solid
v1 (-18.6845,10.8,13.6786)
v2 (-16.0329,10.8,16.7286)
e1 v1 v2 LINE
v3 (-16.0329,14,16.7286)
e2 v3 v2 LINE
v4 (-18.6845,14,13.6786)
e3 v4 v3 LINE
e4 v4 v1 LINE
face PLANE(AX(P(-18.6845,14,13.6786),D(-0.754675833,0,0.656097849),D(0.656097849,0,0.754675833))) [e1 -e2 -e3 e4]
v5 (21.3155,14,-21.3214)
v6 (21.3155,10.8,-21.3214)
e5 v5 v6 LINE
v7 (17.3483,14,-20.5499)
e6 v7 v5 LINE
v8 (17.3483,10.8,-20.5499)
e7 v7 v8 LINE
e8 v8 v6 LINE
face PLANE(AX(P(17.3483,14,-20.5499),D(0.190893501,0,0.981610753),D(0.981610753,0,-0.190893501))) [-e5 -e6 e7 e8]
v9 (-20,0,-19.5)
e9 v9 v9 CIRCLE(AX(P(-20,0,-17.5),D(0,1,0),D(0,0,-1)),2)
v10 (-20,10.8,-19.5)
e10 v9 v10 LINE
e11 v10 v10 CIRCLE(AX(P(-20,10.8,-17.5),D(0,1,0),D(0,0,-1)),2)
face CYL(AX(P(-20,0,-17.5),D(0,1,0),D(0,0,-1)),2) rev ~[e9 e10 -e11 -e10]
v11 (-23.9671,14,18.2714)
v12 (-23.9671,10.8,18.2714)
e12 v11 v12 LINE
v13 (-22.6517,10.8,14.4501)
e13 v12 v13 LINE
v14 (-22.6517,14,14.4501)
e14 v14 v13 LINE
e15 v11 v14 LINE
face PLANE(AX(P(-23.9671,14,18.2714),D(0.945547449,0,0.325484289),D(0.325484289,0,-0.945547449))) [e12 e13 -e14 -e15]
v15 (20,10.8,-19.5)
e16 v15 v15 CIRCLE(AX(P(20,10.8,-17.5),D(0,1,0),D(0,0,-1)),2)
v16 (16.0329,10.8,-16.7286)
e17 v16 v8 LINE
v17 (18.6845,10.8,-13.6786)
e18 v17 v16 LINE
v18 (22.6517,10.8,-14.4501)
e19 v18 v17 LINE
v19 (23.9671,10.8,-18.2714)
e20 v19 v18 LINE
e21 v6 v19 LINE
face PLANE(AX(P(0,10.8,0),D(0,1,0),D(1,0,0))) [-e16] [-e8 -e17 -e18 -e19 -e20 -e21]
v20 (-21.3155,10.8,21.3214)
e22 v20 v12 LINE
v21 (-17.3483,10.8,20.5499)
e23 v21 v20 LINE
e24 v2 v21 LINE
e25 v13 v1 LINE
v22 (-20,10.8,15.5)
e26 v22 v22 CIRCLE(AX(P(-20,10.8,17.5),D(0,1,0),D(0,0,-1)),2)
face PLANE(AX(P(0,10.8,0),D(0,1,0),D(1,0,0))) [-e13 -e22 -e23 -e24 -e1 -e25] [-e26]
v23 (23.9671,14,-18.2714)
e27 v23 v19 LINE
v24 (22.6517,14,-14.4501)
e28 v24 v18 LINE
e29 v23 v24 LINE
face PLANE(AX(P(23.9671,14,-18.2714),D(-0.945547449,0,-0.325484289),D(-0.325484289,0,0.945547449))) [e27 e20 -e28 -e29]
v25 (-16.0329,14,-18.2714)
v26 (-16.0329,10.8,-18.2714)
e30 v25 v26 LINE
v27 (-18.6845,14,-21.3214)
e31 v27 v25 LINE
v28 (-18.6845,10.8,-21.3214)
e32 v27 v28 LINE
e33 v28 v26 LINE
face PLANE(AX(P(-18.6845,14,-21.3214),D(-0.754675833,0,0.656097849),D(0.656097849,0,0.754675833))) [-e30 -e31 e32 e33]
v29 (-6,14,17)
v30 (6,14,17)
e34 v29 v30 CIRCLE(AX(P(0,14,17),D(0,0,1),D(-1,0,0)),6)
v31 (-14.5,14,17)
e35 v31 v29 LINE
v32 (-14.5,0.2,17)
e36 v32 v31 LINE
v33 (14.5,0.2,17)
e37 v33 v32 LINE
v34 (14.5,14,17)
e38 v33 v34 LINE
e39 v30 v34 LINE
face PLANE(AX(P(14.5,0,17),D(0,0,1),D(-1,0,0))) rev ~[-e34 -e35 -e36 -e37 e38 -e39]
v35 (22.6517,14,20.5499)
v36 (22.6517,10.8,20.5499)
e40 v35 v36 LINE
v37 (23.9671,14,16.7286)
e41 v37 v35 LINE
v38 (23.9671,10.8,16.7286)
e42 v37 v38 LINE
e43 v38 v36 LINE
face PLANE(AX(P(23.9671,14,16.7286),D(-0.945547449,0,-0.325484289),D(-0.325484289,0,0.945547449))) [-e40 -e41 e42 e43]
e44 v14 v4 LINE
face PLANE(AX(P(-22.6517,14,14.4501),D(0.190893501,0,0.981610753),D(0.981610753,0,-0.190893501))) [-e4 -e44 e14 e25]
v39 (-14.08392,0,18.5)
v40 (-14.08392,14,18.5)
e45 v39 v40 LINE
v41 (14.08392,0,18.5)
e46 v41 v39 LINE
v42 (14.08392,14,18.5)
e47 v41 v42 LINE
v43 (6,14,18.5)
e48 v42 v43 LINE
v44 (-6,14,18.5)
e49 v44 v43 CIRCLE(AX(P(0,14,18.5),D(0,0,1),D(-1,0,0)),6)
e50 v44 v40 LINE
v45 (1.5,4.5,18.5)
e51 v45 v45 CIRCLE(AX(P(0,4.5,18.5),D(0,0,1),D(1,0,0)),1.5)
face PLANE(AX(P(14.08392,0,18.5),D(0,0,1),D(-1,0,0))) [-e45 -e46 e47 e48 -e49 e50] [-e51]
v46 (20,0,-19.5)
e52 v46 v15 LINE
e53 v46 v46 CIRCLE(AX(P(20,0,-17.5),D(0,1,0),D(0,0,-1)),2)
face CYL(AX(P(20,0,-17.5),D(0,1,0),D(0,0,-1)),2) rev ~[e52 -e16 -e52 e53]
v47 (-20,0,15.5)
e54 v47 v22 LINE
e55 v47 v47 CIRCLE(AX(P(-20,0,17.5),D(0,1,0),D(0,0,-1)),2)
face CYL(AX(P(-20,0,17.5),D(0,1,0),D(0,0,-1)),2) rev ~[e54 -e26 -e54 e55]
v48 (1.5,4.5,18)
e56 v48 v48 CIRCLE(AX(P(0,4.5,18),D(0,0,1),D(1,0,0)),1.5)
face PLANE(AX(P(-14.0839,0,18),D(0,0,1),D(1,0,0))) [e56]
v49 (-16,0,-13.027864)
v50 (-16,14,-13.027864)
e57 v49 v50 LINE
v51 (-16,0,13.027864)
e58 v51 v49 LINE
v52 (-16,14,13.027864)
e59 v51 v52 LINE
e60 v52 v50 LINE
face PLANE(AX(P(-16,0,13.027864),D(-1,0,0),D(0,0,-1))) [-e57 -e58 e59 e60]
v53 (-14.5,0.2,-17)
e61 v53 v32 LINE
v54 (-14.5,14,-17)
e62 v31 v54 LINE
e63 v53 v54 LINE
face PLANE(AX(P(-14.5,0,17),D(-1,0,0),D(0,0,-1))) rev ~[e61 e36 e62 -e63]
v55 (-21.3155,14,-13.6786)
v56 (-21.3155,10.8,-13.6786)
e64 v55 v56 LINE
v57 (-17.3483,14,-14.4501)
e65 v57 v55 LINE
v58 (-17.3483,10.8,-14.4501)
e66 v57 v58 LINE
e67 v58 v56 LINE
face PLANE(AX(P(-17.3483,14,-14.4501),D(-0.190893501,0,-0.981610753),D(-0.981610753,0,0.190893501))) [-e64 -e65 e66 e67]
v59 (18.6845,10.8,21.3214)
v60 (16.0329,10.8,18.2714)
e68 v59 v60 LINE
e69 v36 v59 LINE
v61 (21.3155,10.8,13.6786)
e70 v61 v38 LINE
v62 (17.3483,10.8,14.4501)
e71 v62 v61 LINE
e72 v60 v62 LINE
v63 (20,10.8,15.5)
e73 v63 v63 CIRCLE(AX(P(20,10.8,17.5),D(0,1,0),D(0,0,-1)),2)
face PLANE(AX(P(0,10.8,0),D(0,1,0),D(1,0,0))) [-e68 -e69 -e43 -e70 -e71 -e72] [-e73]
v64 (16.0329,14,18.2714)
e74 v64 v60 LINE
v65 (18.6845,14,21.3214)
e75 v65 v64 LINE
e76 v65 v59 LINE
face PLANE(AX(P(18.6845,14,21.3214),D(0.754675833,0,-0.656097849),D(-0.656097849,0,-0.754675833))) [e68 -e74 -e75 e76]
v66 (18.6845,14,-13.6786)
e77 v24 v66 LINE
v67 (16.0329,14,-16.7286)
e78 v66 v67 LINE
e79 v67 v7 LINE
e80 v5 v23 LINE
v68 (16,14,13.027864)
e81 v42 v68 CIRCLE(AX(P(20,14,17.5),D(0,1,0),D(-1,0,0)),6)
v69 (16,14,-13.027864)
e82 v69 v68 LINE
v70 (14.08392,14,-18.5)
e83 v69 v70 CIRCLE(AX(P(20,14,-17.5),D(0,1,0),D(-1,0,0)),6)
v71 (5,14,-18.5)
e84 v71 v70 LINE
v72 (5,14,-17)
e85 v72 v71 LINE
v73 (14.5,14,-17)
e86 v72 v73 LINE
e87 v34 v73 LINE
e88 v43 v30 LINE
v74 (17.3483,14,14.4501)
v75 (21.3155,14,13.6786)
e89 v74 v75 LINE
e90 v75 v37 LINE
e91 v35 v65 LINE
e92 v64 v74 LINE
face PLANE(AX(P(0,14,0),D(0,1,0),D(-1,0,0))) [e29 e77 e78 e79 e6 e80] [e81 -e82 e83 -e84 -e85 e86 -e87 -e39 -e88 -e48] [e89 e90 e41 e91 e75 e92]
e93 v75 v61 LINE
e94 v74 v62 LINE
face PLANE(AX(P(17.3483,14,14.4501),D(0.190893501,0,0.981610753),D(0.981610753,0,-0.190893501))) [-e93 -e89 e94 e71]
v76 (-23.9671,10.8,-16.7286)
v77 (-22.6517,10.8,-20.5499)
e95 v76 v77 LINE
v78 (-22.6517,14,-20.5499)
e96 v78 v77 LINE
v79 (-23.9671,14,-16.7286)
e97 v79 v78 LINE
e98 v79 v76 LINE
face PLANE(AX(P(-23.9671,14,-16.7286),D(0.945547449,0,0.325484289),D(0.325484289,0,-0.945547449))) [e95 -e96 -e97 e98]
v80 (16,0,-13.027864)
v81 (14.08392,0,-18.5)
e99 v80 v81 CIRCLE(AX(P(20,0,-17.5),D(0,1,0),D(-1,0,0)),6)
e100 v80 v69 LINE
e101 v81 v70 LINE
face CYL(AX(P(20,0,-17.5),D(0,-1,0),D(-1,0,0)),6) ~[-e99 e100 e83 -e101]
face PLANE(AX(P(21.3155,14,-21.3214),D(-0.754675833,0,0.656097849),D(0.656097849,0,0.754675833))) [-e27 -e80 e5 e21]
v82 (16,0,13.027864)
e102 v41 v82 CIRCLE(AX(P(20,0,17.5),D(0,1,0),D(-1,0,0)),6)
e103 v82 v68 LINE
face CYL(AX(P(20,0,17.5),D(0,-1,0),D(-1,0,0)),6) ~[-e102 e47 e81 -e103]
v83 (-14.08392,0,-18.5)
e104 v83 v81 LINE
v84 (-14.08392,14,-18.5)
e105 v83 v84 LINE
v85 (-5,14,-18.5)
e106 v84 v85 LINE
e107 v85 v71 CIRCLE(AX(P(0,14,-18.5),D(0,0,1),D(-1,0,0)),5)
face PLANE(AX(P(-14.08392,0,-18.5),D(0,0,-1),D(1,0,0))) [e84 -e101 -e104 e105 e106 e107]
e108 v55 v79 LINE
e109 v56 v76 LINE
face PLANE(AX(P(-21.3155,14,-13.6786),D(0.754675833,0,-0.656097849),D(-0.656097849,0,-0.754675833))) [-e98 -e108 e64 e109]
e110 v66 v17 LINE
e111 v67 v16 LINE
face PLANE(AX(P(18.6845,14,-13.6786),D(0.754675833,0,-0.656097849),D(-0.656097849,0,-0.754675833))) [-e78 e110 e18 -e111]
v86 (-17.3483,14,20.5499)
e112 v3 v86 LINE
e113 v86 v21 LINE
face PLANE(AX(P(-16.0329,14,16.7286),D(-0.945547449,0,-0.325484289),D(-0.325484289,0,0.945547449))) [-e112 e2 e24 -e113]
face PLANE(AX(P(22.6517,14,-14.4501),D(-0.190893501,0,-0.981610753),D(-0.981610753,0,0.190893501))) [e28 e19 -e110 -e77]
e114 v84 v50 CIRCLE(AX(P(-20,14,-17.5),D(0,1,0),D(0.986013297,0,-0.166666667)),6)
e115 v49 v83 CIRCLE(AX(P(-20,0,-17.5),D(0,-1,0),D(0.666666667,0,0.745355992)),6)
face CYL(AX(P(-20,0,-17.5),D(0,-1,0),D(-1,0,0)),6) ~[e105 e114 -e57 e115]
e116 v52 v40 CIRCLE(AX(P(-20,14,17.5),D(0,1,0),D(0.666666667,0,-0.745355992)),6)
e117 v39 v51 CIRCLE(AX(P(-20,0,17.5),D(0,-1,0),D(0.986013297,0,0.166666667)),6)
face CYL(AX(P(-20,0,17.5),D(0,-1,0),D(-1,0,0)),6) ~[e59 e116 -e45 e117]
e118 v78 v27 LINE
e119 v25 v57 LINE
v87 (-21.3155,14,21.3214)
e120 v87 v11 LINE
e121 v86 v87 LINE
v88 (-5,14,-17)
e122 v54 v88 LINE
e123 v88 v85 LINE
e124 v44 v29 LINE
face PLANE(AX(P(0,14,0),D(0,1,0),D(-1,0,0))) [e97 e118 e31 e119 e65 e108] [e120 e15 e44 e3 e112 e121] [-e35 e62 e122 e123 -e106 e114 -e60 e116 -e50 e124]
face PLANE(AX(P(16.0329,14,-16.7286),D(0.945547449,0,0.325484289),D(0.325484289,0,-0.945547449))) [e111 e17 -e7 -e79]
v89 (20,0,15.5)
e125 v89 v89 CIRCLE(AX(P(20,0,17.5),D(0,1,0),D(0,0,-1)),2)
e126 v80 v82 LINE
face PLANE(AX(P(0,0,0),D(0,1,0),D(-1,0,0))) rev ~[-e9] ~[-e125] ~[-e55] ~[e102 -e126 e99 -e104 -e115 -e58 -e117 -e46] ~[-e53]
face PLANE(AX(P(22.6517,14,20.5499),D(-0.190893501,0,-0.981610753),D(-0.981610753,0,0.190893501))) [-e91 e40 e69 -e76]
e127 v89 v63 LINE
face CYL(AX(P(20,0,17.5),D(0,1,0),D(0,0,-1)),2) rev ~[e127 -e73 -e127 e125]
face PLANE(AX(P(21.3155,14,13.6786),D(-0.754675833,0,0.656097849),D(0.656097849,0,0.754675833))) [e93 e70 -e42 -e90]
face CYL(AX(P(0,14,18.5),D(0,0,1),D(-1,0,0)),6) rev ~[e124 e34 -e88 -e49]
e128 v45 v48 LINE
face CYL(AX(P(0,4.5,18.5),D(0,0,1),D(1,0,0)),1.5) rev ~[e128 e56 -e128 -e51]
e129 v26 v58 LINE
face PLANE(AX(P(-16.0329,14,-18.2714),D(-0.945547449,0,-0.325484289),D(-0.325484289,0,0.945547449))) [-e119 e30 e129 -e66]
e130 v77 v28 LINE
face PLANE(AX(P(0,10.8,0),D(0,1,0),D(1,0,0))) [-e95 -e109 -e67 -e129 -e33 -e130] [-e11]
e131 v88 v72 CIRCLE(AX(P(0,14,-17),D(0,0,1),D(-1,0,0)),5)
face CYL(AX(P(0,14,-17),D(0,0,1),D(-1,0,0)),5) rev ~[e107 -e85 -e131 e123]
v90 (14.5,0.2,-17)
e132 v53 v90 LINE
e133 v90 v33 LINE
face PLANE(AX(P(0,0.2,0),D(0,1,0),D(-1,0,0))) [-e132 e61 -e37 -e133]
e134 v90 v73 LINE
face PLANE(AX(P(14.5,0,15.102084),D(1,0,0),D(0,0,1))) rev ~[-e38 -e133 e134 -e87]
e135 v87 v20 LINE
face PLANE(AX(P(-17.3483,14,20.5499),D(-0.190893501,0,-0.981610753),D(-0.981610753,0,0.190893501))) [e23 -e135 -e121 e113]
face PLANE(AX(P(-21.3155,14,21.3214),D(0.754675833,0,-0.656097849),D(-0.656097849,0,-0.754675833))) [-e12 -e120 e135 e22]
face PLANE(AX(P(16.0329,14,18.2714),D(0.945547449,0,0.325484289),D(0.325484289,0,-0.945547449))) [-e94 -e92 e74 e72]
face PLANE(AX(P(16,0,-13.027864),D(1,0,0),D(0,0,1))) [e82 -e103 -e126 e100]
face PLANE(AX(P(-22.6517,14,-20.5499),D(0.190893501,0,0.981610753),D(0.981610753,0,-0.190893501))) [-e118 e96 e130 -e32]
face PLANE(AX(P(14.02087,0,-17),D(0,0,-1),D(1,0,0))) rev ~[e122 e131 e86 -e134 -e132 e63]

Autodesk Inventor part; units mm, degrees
ref_plane "YZ Plane" through (0, 0, 0) normal (1, 0, 0) x (0, 1, 0)
ref_plane "XZ Plane" through (0, 0, 0) normal (0, 1, 0) x (-1, 0, 0)
ref_plane "XY Plane" through (0, 0, 0) normal (0, 0, 1) x (1, 0, 0)
sketch "Sketch1" plane through (0, 0, 0) normal (0, 1, 0) x (-1, 0, 0)
  line L0 (-14.5, 17) -> (14.5, 17)
  line L1 (14.5, 17) -> (14.5, -17)
  line L2 (14.5, -17) -> (-14.5, -17)
  line L3 (-14.5, -17) -> (-14.5, 17)
  line L4 (-14.5, 17) -> (14.5, -17) construction
  line L5 (14.5, 17) -> (-14.5, -17) construction
  circle A0 centre (-20, 17.5) radius 6
  circle A1 centre (20, 17.5) radius 6
  circle A2 centre (20, -17.5) radius 6
  circle A3 centre (-20, -17.5) radius 6
  line L6 (-16, 18.5) -> (16, 18.5)
  line L7 (16, 18.5) -> (16, -18.5)
  line L8 (16, -18.5) -> (-16, -18.5)
  line L9 (-16, -18.5) -> (-16, 18.5)
  line L10 (-16, 18.5) -> (16, -18.5) construction
  line L11 (16, 18.5) -> (-16, -18.5) construction
  point P0 (0, 0)
  point P1 (-16, -13.0279)
  point P2 (-14.0839, -18.5)
  point P3 (14.0839, -18.5)
  point P4 (16, -13.0279)
  point P5 (16, 13.0279)
  point P6 (14.0839, 18.5)
  point P7 (-14.0839, 18.5)
  point P8 (-16, 13.0279)
  point P9 (-14.5, -15.1021)
  point P10 (-14.0209, -17)
  point P11 (14.0209, -17)
  point P12 (14.5, -15.1021)
  point P13 (14.5, 15.1021)
  point P14 (14.0209, 17)
  point P15 (-14.0209, 17)
  point P16 (-14.5, 15.1021)
  dimension "d0" = 29
  dimension "d1" = 34
  dimension "d2" = 12
  dimension "d3" = 12
  dimension "d4" = 12
  dimension "d5" = 12
  dimension "d6" = 35
  dimension "d8" = 40
  dimension "d9" = 40
  dimension "d13" = 5.5
  dimension "d14" = 0.5
  dimension "d15" = 1.5
  dimension "d16" = 1.5
extrude "Extrusion1" add sketch "Sketch1" along normal blind 14 contours L3 A0 L9 L6 L0 | A0 L6 A1 L0 | L3 A3 L9 A0 | A1 L6 L7 L1 L0 | L3 L2 A3 L8 L9 | A0 L6 L9 | A1 L7 L6 | A1 L7 A2 L1 | L2 A2 L8 A3 | L9 L8 A3 | A2 L7 L8 L2 L1 | A2 L8 L7
extrude "Extrusion2" add sketch "Sketch1" along normal blind 0.2 contours L0 A1 L1 A2 L2 A3 L3 A0
hole "Hole1" at (-20, 0, -17.5) at (20, 0, -17.5) at (20, 0, 17.5) at (-20, 0, 17.5) direction (0, 1, 0) diameter 4 end through all
extrude "Extrusion3" add sketch "Sketch1" along normal blind 0.2 contours L0 A0 L3 | L0 L1 A1 | A3 L2 L3 | L1 L2 A2
sketch "Sketch2" plane through (0, 14, 0) normal (0, 1, 0) x (1, 0, 0)
  arc A0 (-16, -13.0279) -> (-14.0839, -18.5) centre (-20, -17.5) ccw projected
  line L0 (-17.3483, -20.5499) -> (-21.3155, -21.3214)
  line L1 (-21.3155, -21.3214) -> (-23.9671, -18.2714)
  line L2 (-23.9671, -18.2714) -> (-22.6517, -14.4501)
  line L3 (-22.6517, -14.4501) -> (-18.6845, -13.6786)
  line L4 (-18.6845, -13.6786) -> (-16.0329, -16.7286)
  line L5 (-16.0329, -16.7286) -> (-17.3483, -20.5499)
  line L6 (-10.7502, -12.1358) -> (-10.7502, 6.4156) construction
  line L7 (-10.7502, 6.4156) -> (-3.4446, 6.4156) construction
  line L8 (-22.6517, 20.5499) -> (-18.6845, 21.3214)
  line L9 (-18.6845, 21.3214) -> (-16.0329, 18.2714)
  line L10 (-16.0329, 18.2714) -> (-17.3483, 14.4501)
  line L11 (-17.3483, 14.4501) -> (-21.3155, 13.6786)
  line L12 (-21.3155, 13.6786) -> (-23.9671, 16.7286)
  line L13 (-23.9671, 16.7286) -> (-22.6517, 20.5499)
  line L14 (17.3483, -14.4501) -> (21.3155, -13.6786)
  line L15 (21.3155, -13.6786) -> (23.9671, -16.7286)
  line L16 (23.9671, -16.7286) -> (22.6517, -20.5499)
  line L17 (22.6517, -20.5499) -> (18.6845, -21.3214)
  line L18 (18.6845, -21.3214) -> (16.0329, -18.2714)
  line L19 (16.0329, -18.2714) -> (17.3483, -14.4501)
  line L20 (17.3483, 20.5499) -> (21.3155, 21.3214)
  line L21 (21.3155, 21.3214) -> (23.9671, 18.2714)
  line L22 (23.9671, 18.2714) -> (22.6517, 14.4501)
  line L23 (22.6517, 14.4501) -> (18.6845, 13.6786)
  line L24 (18.6845, 13.6786) -> (16.0329, 16.7286)
  line L25 (16.0329, 16.7286) -> (17.3483, 20.5499)
  point P0 (0, 0)
  dimension "d30" = 7
  dimension "d33" = 35
  dimension "d36" = 40
extrude "Extrusion4" cut sketch "Sketch2" against normal blind 3.2
sketch "Sketch3" plane through (-14.0839, 0, 18.5) normal (0, 0, 1) x (1, 0, 0)
  line L0 (28.1678, 14) -> (0, 14) projected
  arc A0 (8.0839, 14) -> (20.0839, 14) centre (14.0839, 14) ccw
  point P0 (14.0839, 0)
  dimension "d41" = 12
extrude "Extrusion5" cut sketch "Sketch3" against normal up to surface (1.5 mm away)
sketch "Sketch4" plane through (-14.5, 14, -17) normal (0, 0, 1) x (1, 0, 0)
  line L0 (0, 0) -> (29, 0) projected
  arc A0 (9.5, 0) -> (19.5, 0) centre (14.5, 0) ccw
  point P0 (14.5, -14)
  dimension "d44" = 10
extrude "Extrusion6" cut sketch "Sketch4" against normal through all
sketch "Sketch5" plane through (-14.0839, 0, 18.5) normal (0, 0, 1) x (1, 0, 0)
  circle A0 centre (14.0839, 4.5) radius 1.5
  line L0 (0, 0) -> (-11.9161, 0) projected
  point P0 (14.0839, 0)
  point P1 (-1.9161, 0)
  dimension "d47" = 3
  dimension "d48" = 4.5
extrude "Extrusion7" cut sketch "Sketch5" against normal blind 0.5
properties part number "_UCHWYT_DUZY_SILNIK"
